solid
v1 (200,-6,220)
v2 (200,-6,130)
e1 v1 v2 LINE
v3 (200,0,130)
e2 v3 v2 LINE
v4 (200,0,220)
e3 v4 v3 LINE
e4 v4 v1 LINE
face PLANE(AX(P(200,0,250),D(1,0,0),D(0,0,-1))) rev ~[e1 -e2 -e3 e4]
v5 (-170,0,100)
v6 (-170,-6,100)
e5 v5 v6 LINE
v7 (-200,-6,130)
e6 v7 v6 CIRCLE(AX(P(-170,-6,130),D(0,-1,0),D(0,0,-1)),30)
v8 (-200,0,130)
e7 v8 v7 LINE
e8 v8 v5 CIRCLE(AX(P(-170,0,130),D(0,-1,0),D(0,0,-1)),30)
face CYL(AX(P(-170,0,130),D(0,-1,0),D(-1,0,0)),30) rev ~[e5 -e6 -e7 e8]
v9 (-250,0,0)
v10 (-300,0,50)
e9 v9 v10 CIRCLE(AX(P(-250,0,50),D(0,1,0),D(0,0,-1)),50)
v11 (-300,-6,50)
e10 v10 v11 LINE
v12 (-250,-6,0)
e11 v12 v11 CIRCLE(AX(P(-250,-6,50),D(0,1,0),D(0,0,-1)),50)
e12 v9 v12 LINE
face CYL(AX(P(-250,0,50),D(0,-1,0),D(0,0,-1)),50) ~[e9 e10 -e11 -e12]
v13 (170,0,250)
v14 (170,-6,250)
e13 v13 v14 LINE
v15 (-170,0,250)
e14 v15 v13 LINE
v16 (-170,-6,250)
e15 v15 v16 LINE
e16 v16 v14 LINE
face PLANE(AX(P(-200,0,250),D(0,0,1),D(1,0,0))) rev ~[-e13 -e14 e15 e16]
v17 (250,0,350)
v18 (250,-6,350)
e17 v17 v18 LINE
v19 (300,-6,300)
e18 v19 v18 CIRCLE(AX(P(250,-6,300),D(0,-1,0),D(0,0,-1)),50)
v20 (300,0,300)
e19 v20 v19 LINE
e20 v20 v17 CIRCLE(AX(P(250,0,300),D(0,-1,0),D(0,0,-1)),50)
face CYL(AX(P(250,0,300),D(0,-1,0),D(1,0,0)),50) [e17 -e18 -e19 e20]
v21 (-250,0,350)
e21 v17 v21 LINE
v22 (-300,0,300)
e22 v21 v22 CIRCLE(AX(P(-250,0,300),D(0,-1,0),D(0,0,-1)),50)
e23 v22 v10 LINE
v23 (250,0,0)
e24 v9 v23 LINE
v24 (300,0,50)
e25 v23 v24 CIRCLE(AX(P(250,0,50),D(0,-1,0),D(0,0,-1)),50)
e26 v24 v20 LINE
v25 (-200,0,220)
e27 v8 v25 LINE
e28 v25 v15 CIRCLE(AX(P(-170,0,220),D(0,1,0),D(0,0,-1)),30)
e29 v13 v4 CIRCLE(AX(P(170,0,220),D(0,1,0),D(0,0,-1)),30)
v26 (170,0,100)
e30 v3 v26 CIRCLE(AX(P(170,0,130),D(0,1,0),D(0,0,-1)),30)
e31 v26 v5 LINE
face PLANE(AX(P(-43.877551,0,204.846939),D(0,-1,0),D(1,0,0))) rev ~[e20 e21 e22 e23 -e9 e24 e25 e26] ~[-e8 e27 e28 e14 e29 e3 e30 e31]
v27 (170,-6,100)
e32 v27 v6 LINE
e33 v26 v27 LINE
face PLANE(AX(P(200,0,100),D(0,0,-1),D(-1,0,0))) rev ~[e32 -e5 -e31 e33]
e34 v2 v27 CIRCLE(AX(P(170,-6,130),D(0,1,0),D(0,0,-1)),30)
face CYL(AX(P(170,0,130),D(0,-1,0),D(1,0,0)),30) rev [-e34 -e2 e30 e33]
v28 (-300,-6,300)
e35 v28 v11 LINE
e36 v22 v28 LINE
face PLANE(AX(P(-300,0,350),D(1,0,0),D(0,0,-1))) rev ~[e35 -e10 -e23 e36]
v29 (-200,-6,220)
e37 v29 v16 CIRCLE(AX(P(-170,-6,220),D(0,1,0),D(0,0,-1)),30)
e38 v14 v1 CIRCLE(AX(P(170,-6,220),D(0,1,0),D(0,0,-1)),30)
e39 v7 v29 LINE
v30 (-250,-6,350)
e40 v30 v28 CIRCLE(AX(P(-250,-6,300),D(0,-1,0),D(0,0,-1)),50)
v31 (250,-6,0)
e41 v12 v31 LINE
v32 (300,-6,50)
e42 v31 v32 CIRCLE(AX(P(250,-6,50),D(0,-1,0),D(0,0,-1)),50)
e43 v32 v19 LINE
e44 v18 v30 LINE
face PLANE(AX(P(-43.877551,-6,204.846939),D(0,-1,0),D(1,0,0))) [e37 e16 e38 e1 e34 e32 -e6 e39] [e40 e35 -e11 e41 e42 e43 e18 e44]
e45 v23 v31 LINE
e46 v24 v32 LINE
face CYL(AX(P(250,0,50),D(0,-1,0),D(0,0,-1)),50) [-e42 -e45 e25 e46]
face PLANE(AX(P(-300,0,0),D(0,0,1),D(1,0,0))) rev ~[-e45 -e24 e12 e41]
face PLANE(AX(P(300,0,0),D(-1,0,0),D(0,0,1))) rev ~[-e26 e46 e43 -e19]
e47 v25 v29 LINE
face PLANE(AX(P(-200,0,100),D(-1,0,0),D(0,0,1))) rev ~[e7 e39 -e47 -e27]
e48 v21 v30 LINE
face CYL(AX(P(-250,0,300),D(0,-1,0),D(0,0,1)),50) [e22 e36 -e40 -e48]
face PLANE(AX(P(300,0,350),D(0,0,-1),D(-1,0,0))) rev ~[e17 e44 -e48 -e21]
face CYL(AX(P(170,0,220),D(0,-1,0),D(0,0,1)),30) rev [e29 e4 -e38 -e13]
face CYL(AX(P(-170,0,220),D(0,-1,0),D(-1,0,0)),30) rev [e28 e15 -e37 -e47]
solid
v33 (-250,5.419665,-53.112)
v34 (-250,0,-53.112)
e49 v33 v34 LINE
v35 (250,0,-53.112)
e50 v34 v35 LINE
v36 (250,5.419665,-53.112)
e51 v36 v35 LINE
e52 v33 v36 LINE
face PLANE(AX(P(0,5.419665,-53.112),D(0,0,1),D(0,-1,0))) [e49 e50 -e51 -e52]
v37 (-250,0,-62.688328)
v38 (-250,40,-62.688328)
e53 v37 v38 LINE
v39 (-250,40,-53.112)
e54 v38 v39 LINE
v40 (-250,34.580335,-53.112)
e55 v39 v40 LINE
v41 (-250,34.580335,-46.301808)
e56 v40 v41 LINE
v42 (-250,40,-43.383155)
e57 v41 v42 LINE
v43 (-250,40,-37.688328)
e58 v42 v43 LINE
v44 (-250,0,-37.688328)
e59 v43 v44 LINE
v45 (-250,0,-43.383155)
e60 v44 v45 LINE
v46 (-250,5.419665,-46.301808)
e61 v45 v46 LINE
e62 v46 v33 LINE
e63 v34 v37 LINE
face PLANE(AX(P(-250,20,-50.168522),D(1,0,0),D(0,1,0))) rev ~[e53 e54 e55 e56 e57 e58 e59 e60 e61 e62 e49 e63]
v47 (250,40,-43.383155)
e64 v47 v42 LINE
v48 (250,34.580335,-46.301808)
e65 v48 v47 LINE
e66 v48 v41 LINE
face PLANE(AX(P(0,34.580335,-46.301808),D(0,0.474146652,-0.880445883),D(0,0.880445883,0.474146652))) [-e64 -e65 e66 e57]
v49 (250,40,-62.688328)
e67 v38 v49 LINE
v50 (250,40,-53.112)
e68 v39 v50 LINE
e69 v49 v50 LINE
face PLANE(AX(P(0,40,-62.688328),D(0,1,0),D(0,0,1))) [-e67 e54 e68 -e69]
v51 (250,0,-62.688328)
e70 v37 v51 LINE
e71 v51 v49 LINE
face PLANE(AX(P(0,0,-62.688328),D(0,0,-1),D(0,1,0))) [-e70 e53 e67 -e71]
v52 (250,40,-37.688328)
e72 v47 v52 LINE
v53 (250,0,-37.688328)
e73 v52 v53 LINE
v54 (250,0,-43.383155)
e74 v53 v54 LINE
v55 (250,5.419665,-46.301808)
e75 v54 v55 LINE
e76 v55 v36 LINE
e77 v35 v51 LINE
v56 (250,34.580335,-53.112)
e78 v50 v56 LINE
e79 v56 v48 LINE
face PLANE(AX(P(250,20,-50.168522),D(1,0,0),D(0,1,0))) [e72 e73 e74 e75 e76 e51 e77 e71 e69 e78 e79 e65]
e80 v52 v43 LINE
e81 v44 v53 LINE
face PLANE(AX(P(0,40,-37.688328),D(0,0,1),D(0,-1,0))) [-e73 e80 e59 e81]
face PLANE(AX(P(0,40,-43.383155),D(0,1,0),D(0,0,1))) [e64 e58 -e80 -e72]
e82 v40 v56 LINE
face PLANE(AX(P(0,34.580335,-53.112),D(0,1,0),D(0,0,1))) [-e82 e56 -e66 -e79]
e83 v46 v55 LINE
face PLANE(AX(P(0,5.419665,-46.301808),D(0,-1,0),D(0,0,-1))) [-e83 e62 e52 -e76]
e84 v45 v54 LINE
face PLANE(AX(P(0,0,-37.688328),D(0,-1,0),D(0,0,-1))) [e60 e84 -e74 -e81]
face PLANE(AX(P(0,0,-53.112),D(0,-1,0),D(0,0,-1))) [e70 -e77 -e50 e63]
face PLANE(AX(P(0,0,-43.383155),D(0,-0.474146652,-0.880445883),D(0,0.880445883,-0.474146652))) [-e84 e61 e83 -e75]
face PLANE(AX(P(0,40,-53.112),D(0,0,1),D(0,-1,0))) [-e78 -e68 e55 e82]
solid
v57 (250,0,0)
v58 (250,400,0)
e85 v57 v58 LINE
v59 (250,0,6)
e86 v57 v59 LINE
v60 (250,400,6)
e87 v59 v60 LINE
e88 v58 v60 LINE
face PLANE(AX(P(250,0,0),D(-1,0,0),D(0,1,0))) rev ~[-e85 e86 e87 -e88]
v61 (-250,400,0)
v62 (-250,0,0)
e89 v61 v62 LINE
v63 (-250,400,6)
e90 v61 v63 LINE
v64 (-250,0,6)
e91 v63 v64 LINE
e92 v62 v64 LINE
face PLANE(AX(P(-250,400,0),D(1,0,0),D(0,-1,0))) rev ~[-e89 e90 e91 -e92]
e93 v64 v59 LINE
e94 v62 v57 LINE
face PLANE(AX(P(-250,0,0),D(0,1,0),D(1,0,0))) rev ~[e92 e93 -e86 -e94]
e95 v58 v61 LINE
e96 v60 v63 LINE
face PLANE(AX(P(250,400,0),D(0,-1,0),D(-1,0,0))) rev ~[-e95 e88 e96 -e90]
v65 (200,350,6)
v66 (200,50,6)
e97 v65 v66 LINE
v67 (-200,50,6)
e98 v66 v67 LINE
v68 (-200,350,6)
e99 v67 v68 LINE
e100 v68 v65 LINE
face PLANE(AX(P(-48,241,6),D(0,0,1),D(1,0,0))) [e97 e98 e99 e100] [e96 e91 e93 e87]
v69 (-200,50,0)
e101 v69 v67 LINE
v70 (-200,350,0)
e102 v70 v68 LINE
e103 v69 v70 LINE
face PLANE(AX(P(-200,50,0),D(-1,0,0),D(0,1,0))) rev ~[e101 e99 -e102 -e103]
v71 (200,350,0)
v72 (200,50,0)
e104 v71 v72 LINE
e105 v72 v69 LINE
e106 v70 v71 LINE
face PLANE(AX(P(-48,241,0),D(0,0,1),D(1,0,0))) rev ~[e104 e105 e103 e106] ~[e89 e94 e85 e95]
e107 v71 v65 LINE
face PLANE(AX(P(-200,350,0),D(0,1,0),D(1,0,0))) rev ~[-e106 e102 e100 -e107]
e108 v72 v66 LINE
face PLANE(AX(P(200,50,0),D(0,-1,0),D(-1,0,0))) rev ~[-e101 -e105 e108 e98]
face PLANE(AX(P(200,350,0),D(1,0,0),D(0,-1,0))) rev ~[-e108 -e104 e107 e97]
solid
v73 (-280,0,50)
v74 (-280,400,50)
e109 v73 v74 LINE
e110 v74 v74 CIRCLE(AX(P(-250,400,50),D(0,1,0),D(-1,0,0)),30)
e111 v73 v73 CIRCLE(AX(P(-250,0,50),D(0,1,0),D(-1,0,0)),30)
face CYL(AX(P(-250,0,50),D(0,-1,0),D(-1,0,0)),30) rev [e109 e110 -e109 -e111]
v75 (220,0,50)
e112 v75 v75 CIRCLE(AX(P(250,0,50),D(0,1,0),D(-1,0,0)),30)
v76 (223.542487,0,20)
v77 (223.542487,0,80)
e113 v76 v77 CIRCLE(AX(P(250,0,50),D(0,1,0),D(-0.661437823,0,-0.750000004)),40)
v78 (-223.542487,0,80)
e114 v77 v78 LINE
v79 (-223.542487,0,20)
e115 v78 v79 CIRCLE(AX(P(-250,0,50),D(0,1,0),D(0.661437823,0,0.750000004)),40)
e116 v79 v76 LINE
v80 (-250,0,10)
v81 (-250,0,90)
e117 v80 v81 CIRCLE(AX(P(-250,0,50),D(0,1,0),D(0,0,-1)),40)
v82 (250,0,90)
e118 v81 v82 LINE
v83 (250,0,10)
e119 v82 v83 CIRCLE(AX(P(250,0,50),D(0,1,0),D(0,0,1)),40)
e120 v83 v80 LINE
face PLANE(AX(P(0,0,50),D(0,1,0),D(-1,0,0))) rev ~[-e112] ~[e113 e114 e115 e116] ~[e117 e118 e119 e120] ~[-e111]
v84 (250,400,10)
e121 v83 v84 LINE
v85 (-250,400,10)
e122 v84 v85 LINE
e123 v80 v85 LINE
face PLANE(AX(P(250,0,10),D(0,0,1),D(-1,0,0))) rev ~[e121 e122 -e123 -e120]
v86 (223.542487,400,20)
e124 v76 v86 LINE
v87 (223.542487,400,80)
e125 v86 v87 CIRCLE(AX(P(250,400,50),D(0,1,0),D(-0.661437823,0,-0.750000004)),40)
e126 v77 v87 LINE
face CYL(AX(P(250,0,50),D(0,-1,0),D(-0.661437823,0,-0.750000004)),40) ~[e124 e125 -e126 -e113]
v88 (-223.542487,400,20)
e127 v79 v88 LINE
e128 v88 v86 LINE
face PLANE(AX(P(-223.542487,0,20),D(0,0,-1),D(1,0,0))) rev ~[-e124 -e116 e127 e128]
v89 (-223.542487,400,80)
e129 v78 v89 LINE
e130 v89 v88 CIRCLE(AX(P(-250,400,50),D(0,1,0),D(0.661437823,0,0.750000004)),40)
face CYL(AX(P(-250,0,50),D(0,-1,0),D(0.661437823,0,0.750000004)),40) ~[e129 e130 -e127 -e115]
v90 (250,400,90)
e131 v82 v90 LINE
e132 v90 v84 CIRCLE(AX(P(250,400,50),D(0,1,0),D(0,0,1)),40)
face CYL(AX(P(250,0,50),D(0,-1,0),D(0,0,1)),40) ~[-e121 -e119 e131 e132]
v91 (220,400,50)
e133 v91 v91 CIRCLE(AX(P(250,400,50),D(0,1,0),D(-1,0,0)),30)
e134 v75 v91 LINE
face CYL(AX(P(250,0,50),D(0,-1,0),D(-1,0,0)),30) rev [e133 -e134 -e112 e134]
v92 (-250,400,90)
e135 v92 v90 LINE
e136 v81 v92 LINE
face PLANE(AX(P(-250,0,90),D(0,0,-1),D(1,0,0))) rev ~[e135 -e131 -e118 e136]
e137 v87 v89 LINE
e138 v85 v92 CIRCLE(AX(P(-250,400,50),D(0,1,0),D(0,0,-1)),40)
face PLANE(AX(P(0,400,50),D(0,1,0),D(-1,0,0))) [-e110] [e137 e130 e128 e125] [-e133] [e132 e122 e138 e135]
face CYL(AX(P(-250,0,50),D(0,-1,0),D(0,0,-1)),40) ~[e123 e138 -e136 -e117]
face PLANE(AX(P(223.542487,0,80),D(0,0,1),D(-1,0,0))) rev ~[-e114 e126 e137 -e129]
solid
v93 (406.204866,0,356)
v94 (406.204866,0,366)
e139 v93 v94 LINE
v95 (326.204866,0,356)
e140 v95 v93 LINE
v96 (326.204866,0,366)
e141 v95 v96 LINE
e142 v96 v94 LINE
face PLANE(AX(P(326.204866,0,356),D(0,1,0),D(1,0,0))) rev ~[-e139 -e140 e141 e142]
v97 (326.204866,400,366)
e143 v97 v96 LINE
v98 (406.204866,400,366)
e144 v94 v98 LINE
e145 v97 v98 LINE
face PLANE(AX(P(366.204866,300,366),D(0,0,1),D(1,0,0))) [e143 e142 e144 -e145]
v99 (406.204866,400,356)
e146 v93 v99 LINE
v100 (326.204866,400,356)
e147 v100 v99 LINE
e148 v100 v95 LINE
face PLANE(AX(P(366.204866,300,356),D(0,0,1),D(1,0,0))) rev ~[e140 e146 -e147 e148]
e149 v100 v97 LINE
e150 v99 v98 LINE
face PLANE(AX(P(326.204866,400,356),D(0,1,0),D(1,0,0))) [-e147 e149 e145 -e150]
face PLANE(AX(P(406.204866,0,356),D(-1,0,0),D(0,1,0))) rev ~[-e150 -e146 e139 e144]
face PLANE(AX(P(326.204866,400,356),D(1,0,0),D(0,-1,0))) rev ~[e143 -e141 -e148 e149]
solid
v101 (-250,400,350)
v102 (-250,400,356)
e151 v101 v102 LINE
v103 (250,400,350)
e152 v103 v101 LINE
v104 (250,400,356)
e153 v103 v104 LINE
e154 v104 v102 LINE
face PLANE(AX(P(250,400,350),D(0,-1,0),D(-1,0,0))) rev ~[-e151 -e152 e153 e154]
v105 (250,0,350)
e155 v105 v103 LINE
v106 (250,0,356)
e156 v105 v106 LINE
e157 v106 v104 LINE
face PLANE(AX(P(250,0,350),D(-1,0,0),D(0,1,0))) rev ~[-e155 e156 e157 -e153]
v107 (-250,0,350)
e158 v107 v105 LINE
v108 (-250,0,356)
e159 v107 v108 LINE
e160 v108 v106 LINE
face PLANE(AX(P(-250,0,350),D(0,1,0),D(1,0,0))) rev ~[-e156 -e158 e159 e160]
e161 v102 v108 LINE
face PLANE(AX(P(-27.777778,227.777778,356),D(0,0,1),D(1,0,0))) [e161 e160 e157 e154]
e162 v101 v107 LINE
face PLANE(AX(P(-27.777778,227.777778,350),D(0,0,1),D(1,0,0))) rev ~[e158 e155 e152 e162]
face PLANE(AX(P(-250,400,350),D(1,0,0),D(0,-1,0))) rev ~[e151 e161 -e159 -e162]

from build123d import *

# Parameters (mm, degrees)
F1_DEPTH       = 6
F2_R           = 50
F3_R           = 30
F5_DEPTH       = 6
F6_W           = 250
F6_H           = 200
F7_DEPTH       = 6
F8_R           = 30
F9_DEPTH       = 400
F11_DEPTH      = 250
F11_DEPTH_BACK = 250
F12_W          = 80
F12_H          = 200
F13_DEPTH      = 10


with BuildPart() as f1:
    # F0 (on Front) → F1 (new body)
    with BuildSketch(Plane.XZ):
        Polygon((-300, 0), (0, 0), (0, 100), (-200, 100), (-200, 250), (200, 250), (200, 175), (300, 175), (300, 350), (-300, 350), align=None)
        Polygon((0, 100), (0, 0), (300, 0), (300, 175), (200, 175), (200, 100), align=None)
    extrude(amount=F1_DEPTH)

    # F2
    f2_edges = [f1.edges().sort_by_distance(p)[0] for p in [
        (-300, -3, 350),
        (-300, -3, 0),
        (300, -3, 350),
        (300, -3, 0),
    ]]
    fillet(f2_edges, radius=F2_R)

    # F3
    f3_edges = [f1.edges().sort_by_distance(p)[0] for p in [
        (-200, -3, 250),
        (-200, -3, 100),
        (200, -3, 250),
        (200, -3, 100),
    ]]
    fillet(f3_edges, radius=F3_R)


with BuildPart() as f5:
    # F4 (on Top) → F5 (new body)
    with BuildSketch(Plane.XY):
        Polygon((-250, 0), (0, 0), (0, 50), (-200, 50), (-200, 350), (200, 350), (200, 200), (250, 200), (250, 400), (-250, 400), align=None)
        Polygon((0, 50), (0, 0), (250, 0), (250, 200), (200, 200), (200, 50), align=None)
    extrude(amount=F5_DEPTH)


with BuildPart() as f7:
    # F6 (on face) → F7 (new body)
    with BuildSketch(Plane.XY.offset(350)):
        Polygon((-250, 0), (0, 0), (0, 200), (250, 200), (250, 400), (-250, 400), align=None)
        with Locations((125, 100)):
            Rectangle(F6_W, F6_H)
    extrude(amount=F7_DEPTH)


with BuildPart() as f9:
    # F8 (on face) → F9 (new body)
    with BuildSketch(Plane(origin=(0, 0, 0), x_dir=(-1, 0, 0), z_dir=(0, 1, 0))):
        with BuildLine():
            Line((250, 90), (-250, 90))
            ThreePointArc((-250, 90), (-290, 50), (-250, 10))
            Line((-250, 10), (250, 10))
            ThreePointArc((250, 10), (290, 50), (250, 90))
        make_face()
        with Locations((-250, 50)):
            Circle(F8_R, mode=Mode.SUBTRACT)
        with BuildLine():
            Line((-223.542487, 80), (223.542487, 80))
            ThreePointArc((223.542487, 80), (210, 50), (223.542487, 20))
            Line((223.542487, 20), (-223.542487, 20))
            ThreePointArc((-223.542487, 20), (-210, 50), (-223.542487, 80))
        make_face(mode=Mode.SUBTRACT)
        with Locations((250, 50)):
            Circle(F8_R, mode=Mode.SUBTRACT)
    extrude(amount=F9_DEPTH)


with BuildPart() as f11:
    # F10 (on Right) → F11 (new body, two sides)
    with BuildSketch(Plane.YZ) as f11_sk:
        Polygon((40, -37.688328), (0, -37.688328), (0, -43.383155), (5.419665, -46.301808), (5.419665, -53.112), (0, -53.112), (0, -62.688328), (40, -62.688328), (40, -53.112), (34.580335, -53.112), (34.580335, -46.301808), (40, -43.383155), align=None)
    extrude(amount=F11_DEPTH)
    extrude(f11_sk.sketch, amount=-F11_DEPTH_BACK)


with BuildPart() as f13:
    # F12 (on face) → F13 (new body)
    with BuildSketch(Plane.XY.offset(356)):
        with Locations((366.204866, 300)):
            Rectangle(F12_W, F12_H)
        with Locations((366.204866, 100)):
            Rectangle(F12_W, F12_H)
    extrude(amount=F13_DEPTH)


solid = Compound([f1.part, f5.part, f7.part, f9.part, f11.part, f13.part])
